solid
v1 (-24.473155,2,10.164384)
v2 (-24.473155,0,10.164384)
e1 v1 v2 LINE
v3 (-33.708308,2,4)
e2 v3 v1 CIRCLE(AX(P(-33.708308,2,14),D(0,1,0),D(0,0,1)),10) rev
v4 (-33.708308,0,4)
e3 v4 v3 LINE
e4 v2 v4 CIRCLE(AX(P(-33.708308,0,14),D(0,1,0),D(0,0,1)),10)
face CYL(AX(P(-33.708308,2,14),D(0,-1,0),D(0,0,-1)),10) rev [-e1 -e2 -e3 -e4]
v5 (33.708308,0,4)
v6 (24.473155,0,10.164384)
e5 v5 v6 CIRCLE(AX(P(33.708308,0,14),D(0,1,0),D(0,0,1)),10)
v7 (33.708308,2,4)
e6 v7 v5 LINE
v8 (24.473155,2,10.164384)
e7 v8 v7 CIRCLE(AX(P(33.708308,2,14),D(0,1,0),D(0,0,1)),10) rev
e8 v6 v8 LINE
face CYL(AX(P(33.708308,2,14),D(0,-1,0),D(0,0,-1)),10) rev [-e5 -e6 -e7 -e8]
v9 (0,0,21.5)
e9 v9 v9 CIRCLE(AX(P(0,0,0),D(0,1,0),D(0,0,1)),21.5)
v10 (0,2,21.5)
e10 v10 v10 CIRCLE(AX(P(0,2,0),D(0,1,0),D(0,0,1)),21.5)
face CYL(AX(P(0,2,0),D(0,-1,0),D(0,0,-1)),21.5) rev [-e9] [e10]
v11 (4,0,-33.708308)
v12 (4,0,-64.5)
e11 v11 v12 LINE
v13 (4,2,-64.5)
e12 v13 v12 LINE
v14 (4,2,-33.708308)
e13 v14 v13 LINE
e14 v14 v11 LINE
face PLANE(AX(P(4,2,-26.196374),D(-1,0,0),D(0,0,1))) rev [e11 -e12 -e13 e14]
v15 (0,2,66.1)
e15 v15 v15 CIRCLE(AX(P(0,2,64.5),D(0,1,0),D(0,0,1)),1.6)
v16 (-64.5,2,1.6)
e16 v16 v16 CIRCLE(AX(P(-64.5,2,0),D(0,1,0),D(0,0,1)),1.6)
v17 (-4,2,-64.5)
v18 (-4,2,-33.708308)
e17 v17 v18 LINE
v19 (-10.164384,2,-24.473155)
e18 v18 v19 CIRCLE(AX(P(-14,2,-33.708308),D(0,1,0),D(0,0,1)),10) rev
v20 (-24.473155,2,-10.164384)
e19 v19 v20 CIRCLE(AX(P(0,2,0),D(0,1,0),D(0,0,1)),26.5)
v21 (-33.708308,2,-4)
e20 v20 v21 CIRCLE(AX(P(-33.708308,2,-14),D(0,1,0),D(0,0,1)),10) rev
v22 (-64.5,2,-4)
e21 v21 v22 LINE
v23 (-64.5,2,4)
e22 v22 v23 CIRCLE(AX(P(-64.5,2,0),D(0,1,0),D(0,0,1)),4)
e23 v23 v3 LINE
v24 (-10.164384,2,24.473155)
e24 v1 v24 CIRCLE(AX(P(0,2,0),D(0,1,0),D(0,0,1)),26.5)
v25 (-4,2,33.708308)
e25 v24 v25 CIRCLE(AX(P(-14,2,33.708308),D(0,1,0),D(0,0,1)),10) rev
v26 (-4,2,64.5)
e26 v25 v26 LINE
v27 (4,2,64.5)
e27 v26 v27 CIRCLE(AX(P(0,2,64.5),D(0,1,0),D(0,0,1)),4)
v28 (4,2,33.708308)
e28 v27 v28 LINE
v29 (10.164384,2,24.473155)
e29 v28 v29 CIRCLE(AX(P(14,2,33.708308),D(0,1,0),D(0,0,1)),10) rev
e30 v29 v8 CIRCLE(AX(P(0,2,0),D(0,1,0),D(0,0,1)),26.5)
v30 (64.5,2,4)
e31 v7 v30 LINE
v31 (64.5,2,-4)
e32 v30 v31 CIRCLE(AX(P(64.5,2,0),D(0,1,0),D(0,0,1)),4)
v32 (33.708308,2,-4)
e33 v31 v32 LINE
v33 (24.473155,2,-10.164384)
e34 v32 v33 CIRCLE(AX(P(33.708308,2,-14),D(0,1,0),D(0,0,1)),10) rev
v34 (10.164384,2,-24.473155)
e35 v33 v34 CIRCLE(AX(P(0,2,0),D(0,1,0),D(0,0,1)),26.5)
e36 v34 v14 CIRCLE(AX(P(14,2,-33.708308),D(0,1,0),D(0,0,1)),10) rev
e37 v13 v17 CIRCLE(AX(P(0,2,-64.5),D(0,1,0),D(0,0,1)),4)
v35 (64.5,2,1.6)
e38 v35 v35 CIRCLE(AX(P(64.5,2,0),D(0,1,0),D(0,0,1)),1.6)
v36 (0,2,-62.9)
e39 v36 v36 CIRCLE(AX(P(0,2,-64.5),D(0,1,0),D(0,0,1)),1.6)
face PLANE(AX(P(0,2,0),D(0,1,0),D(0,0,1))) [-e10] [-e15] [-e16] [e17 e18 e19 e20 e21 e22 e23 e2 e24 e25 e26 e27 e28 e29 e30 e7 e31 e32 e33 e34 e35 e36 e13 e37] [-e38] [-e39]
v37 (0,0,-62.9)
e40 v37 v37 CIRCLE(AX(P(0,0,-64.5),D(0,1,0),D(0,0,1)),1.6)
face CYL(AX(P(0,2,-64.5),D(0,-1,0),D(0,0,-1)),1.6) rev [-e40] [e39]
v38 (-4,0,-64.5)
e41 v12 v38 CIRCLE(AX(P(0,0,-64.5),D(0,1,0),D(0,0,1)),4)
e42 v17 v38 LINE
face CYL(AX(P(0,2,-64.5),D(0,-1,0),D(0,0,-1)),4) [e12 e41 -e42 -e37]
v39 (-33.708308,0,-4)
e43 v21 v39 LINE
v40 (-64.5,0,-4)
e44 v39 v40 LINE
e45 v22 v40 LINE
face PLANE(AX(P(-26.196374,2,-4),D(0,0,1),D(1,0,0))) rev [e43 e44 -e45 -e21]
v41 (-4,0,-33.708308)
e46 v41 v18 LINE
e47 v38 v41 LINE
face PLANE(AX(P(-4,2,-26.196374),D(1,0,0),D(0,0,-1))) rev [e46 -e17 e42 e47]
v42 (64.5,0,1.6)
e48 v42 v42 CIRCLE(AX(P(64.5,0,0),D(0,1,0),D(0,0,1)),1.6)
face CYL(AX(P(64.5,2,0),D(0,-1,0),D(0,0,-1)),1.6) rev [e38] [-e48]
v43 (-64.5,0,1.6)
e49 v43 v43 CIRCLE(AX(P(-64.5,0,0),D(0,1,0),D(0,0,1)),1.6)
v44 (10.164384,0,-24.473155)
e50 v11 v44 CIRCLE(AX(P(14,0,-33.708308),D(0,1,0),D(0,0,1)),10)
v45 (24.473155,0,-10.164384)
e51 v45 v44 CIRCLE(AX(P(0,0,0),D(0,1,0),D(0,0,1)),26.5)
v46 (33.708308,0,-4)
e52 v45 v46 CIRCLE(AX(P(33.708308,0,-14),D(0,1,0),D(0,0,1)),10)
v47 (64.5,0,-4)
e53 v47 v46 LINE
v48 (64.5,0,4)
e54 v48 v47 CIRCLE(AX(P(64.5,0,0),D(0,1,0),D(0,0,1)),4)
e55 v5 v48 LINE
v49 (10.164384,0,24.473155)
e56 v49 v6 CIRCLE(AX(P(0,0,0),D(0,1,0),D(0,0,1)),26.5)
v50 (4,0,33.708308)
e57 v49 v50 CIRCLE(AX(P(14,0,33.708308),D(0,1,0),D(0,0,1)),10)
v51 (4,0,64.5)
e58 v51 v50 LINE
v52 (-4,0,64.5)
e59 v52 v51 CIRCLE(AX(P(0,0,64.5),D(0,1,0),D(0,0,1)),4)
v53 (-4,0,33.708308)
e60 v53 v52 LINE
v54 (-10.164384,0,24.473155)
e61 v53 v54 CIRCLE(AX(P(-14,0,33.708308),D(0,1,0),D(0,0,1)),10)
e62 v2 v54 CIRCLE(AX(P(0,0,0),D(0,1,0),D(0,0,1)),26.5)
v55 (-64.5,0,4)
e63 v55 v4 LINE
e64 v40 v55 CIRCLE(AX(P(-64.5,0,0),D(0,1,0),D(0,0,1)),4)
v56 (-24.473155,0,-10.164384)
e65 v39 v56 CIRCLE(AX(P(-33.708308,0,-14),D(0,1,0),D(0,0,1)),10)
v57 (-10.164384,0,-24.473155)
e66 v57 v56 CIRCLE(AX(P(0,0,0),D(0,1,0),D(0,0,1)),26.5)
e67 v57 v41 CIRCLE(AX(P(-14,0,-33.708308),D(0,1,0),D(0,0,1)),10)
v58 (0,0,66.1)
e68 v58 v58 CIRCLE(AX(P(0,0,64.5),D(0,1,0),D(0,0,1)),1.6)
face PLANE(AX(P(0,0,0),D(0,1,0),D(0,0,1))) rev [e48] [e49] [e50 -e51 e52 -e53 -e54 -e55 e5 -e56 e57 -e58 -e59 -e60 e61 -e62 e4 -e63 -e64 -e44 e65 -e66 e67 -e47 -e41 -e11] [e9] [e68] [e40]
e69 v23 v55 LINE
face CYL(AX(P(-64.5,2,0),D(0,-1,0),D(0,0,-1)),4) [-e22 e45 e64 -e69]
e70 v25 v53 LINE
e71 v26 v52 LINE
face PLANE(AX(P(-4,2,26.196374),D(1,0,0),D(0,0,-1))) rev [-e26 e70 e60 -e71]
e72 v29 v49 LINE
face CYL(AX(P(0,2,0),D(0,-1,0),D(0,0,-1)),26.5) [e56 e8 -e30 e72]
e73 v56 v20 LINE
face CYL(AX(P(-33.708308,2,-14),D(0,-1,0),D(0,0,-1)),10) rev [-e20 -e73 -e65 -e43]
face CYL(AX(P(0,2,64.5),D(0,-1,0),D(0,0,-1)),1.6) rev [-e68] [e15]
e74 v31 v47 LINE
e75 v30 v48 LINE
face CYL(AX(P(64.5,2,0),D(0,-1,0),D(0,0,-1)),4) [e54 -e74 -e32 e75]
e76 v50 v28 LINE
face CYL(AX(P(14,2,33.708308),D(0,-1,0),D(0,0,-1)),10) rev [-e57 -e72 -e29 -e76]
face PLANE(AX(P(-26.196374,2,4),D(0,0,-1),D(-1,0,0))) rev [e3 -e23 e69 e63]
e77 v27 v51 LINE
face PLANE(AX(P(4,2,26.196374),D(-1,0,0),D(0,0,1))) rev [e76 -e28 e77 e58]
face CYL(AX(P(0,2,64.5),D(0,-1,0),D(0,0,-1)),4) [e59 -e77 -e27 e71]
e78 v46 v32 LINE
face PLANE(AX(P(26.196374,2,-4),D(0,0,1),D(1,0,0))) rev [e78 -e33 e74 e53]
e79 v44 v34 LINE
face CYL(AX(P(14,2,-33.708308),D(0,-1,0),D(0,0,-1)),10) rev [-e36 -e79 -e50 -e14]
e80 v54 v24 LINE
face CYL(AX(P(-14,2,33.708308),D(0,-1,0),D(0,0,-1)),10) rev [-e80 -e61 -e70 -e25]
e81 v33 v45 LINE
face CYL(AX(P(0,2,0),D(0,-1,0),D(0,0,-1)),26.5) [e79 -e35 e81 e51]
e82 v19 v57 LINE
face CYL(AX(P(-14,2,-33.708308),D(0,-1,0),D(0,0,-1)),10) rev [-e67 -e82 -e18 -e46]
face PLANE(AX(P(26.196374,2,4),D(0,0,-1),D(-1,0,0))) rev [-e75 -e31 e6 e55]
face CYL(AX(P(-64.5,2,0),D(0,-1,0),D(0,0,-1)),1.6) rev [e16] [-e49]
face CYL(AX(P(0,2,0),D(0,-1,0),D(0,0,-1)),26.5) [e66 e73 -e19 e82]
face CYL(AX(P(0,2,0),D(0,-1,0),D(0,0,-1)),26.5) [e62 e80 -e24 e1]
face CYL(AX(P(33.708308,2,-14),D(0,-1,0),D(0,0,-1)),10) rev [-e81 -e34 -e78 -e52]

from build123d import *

# Parameters (mm, degrees)
SKETCH1_R           = 21.5
SKETCH1_R_2         = 1.6
BOSS_EXTRUDE1_DEPTH = 2
FILLET1_R           = 10


with BuildPart() as part:
    # Sketch1 → Boss-Extrude1 (new body)
    with BuildSketch(Plane(origin=(0, 0, 0), x_dir=(1, 0, 0), z_dir=(0, 1, 0))):
        with BuildLine():
            Line((4, 26.196373795), (4, 64.5))
            ThreePointArc((4, 64.5), (0, 68.5), (-4, 64.5))
            Line((-4, 64.5), (-4, 26.196373795))
            ThreePointArc((-4, 26.196373795), (-18.738329701, 18.738329701), (-26.196373795, 4))
            Line((-26.196373795, 4), (-64.5, 4))
            ThreePointArc((-64.5, 4), (-68.5, 0), (-64.5, -4))
            Line((-64.5, -4), (-26.196373795, -4))
            ThreePointArc((-26.196373795, -4), (-18.738329701, -18.738329701), (-4, -26.196373795))
            Line((-4, -26.196373795), (-4, -64.5))
            ThreePointArc((-4, -64.5), (0, -68.5), (4, -64.5))
            Line((4, -64.5), (4, -26.196373795))
            ThreePointArc((4, -26.196373795), (18.738329701, -18.738329701), (26.196373795, -4))
            Line((26.196373795, -4), (64.5, -4))
            ThreePointArc((64.5, -4), (68.5, 0), (64.5, 4))
            Line((64.5, 4), (26.196373795, 4))
            ThreePointArc((26.196373795, 4), (18.738329701, 18.738329701), (4, 26.196373795))
        make_face()
        with Locations(Location((0, 0, 0), (0, 0, 270))):
            Circle(SKETCH1_R, mode=Mode.SUBTRACT)
        with Locations(Location((0, 64.5, 0), (0, 0, 270))):
            Circle(SKETCH1_R_2, mode=Mode.SUBTRACT)
        with Locations(Location((64.5, 0, 0), (0, 0, 270))):
            Circle(SKETCH1_R_2, mode=Mode.SUBTRACT)
        with Locations(Location((0, -64.5, 0), (0, 0, 270))):
            Circle(SKETCH1_R_2, mode=Mode.SUBTRACT)
        with Locations(Location((-64.5, 0, 0), (0, 0, 270))):
            Circle(SKETCH1_R_2, mode=Mode.SUBTRACT)
    extrude(amount=BOSS_EXTRUDE1_DEPTH)

    # Fillet1
    fillet1_edges = [part.edges().sort_by_distance(p)[0] for p in [
        (26.196373795, 1, -4),
        (26.196373795, 1, 4),
        (4, 1, 26.196373795),
        (-4, 1, 26.196373795),
        (-26.196373795, 1, 4),
        (-26.196373795, 1, -4),
        (-4, 1, -26.196373795),
        (4, 1, -26.196373795),
    ]]
    fillet(fillet1_edges, radius=FILLET1_R)


solid = part.part
